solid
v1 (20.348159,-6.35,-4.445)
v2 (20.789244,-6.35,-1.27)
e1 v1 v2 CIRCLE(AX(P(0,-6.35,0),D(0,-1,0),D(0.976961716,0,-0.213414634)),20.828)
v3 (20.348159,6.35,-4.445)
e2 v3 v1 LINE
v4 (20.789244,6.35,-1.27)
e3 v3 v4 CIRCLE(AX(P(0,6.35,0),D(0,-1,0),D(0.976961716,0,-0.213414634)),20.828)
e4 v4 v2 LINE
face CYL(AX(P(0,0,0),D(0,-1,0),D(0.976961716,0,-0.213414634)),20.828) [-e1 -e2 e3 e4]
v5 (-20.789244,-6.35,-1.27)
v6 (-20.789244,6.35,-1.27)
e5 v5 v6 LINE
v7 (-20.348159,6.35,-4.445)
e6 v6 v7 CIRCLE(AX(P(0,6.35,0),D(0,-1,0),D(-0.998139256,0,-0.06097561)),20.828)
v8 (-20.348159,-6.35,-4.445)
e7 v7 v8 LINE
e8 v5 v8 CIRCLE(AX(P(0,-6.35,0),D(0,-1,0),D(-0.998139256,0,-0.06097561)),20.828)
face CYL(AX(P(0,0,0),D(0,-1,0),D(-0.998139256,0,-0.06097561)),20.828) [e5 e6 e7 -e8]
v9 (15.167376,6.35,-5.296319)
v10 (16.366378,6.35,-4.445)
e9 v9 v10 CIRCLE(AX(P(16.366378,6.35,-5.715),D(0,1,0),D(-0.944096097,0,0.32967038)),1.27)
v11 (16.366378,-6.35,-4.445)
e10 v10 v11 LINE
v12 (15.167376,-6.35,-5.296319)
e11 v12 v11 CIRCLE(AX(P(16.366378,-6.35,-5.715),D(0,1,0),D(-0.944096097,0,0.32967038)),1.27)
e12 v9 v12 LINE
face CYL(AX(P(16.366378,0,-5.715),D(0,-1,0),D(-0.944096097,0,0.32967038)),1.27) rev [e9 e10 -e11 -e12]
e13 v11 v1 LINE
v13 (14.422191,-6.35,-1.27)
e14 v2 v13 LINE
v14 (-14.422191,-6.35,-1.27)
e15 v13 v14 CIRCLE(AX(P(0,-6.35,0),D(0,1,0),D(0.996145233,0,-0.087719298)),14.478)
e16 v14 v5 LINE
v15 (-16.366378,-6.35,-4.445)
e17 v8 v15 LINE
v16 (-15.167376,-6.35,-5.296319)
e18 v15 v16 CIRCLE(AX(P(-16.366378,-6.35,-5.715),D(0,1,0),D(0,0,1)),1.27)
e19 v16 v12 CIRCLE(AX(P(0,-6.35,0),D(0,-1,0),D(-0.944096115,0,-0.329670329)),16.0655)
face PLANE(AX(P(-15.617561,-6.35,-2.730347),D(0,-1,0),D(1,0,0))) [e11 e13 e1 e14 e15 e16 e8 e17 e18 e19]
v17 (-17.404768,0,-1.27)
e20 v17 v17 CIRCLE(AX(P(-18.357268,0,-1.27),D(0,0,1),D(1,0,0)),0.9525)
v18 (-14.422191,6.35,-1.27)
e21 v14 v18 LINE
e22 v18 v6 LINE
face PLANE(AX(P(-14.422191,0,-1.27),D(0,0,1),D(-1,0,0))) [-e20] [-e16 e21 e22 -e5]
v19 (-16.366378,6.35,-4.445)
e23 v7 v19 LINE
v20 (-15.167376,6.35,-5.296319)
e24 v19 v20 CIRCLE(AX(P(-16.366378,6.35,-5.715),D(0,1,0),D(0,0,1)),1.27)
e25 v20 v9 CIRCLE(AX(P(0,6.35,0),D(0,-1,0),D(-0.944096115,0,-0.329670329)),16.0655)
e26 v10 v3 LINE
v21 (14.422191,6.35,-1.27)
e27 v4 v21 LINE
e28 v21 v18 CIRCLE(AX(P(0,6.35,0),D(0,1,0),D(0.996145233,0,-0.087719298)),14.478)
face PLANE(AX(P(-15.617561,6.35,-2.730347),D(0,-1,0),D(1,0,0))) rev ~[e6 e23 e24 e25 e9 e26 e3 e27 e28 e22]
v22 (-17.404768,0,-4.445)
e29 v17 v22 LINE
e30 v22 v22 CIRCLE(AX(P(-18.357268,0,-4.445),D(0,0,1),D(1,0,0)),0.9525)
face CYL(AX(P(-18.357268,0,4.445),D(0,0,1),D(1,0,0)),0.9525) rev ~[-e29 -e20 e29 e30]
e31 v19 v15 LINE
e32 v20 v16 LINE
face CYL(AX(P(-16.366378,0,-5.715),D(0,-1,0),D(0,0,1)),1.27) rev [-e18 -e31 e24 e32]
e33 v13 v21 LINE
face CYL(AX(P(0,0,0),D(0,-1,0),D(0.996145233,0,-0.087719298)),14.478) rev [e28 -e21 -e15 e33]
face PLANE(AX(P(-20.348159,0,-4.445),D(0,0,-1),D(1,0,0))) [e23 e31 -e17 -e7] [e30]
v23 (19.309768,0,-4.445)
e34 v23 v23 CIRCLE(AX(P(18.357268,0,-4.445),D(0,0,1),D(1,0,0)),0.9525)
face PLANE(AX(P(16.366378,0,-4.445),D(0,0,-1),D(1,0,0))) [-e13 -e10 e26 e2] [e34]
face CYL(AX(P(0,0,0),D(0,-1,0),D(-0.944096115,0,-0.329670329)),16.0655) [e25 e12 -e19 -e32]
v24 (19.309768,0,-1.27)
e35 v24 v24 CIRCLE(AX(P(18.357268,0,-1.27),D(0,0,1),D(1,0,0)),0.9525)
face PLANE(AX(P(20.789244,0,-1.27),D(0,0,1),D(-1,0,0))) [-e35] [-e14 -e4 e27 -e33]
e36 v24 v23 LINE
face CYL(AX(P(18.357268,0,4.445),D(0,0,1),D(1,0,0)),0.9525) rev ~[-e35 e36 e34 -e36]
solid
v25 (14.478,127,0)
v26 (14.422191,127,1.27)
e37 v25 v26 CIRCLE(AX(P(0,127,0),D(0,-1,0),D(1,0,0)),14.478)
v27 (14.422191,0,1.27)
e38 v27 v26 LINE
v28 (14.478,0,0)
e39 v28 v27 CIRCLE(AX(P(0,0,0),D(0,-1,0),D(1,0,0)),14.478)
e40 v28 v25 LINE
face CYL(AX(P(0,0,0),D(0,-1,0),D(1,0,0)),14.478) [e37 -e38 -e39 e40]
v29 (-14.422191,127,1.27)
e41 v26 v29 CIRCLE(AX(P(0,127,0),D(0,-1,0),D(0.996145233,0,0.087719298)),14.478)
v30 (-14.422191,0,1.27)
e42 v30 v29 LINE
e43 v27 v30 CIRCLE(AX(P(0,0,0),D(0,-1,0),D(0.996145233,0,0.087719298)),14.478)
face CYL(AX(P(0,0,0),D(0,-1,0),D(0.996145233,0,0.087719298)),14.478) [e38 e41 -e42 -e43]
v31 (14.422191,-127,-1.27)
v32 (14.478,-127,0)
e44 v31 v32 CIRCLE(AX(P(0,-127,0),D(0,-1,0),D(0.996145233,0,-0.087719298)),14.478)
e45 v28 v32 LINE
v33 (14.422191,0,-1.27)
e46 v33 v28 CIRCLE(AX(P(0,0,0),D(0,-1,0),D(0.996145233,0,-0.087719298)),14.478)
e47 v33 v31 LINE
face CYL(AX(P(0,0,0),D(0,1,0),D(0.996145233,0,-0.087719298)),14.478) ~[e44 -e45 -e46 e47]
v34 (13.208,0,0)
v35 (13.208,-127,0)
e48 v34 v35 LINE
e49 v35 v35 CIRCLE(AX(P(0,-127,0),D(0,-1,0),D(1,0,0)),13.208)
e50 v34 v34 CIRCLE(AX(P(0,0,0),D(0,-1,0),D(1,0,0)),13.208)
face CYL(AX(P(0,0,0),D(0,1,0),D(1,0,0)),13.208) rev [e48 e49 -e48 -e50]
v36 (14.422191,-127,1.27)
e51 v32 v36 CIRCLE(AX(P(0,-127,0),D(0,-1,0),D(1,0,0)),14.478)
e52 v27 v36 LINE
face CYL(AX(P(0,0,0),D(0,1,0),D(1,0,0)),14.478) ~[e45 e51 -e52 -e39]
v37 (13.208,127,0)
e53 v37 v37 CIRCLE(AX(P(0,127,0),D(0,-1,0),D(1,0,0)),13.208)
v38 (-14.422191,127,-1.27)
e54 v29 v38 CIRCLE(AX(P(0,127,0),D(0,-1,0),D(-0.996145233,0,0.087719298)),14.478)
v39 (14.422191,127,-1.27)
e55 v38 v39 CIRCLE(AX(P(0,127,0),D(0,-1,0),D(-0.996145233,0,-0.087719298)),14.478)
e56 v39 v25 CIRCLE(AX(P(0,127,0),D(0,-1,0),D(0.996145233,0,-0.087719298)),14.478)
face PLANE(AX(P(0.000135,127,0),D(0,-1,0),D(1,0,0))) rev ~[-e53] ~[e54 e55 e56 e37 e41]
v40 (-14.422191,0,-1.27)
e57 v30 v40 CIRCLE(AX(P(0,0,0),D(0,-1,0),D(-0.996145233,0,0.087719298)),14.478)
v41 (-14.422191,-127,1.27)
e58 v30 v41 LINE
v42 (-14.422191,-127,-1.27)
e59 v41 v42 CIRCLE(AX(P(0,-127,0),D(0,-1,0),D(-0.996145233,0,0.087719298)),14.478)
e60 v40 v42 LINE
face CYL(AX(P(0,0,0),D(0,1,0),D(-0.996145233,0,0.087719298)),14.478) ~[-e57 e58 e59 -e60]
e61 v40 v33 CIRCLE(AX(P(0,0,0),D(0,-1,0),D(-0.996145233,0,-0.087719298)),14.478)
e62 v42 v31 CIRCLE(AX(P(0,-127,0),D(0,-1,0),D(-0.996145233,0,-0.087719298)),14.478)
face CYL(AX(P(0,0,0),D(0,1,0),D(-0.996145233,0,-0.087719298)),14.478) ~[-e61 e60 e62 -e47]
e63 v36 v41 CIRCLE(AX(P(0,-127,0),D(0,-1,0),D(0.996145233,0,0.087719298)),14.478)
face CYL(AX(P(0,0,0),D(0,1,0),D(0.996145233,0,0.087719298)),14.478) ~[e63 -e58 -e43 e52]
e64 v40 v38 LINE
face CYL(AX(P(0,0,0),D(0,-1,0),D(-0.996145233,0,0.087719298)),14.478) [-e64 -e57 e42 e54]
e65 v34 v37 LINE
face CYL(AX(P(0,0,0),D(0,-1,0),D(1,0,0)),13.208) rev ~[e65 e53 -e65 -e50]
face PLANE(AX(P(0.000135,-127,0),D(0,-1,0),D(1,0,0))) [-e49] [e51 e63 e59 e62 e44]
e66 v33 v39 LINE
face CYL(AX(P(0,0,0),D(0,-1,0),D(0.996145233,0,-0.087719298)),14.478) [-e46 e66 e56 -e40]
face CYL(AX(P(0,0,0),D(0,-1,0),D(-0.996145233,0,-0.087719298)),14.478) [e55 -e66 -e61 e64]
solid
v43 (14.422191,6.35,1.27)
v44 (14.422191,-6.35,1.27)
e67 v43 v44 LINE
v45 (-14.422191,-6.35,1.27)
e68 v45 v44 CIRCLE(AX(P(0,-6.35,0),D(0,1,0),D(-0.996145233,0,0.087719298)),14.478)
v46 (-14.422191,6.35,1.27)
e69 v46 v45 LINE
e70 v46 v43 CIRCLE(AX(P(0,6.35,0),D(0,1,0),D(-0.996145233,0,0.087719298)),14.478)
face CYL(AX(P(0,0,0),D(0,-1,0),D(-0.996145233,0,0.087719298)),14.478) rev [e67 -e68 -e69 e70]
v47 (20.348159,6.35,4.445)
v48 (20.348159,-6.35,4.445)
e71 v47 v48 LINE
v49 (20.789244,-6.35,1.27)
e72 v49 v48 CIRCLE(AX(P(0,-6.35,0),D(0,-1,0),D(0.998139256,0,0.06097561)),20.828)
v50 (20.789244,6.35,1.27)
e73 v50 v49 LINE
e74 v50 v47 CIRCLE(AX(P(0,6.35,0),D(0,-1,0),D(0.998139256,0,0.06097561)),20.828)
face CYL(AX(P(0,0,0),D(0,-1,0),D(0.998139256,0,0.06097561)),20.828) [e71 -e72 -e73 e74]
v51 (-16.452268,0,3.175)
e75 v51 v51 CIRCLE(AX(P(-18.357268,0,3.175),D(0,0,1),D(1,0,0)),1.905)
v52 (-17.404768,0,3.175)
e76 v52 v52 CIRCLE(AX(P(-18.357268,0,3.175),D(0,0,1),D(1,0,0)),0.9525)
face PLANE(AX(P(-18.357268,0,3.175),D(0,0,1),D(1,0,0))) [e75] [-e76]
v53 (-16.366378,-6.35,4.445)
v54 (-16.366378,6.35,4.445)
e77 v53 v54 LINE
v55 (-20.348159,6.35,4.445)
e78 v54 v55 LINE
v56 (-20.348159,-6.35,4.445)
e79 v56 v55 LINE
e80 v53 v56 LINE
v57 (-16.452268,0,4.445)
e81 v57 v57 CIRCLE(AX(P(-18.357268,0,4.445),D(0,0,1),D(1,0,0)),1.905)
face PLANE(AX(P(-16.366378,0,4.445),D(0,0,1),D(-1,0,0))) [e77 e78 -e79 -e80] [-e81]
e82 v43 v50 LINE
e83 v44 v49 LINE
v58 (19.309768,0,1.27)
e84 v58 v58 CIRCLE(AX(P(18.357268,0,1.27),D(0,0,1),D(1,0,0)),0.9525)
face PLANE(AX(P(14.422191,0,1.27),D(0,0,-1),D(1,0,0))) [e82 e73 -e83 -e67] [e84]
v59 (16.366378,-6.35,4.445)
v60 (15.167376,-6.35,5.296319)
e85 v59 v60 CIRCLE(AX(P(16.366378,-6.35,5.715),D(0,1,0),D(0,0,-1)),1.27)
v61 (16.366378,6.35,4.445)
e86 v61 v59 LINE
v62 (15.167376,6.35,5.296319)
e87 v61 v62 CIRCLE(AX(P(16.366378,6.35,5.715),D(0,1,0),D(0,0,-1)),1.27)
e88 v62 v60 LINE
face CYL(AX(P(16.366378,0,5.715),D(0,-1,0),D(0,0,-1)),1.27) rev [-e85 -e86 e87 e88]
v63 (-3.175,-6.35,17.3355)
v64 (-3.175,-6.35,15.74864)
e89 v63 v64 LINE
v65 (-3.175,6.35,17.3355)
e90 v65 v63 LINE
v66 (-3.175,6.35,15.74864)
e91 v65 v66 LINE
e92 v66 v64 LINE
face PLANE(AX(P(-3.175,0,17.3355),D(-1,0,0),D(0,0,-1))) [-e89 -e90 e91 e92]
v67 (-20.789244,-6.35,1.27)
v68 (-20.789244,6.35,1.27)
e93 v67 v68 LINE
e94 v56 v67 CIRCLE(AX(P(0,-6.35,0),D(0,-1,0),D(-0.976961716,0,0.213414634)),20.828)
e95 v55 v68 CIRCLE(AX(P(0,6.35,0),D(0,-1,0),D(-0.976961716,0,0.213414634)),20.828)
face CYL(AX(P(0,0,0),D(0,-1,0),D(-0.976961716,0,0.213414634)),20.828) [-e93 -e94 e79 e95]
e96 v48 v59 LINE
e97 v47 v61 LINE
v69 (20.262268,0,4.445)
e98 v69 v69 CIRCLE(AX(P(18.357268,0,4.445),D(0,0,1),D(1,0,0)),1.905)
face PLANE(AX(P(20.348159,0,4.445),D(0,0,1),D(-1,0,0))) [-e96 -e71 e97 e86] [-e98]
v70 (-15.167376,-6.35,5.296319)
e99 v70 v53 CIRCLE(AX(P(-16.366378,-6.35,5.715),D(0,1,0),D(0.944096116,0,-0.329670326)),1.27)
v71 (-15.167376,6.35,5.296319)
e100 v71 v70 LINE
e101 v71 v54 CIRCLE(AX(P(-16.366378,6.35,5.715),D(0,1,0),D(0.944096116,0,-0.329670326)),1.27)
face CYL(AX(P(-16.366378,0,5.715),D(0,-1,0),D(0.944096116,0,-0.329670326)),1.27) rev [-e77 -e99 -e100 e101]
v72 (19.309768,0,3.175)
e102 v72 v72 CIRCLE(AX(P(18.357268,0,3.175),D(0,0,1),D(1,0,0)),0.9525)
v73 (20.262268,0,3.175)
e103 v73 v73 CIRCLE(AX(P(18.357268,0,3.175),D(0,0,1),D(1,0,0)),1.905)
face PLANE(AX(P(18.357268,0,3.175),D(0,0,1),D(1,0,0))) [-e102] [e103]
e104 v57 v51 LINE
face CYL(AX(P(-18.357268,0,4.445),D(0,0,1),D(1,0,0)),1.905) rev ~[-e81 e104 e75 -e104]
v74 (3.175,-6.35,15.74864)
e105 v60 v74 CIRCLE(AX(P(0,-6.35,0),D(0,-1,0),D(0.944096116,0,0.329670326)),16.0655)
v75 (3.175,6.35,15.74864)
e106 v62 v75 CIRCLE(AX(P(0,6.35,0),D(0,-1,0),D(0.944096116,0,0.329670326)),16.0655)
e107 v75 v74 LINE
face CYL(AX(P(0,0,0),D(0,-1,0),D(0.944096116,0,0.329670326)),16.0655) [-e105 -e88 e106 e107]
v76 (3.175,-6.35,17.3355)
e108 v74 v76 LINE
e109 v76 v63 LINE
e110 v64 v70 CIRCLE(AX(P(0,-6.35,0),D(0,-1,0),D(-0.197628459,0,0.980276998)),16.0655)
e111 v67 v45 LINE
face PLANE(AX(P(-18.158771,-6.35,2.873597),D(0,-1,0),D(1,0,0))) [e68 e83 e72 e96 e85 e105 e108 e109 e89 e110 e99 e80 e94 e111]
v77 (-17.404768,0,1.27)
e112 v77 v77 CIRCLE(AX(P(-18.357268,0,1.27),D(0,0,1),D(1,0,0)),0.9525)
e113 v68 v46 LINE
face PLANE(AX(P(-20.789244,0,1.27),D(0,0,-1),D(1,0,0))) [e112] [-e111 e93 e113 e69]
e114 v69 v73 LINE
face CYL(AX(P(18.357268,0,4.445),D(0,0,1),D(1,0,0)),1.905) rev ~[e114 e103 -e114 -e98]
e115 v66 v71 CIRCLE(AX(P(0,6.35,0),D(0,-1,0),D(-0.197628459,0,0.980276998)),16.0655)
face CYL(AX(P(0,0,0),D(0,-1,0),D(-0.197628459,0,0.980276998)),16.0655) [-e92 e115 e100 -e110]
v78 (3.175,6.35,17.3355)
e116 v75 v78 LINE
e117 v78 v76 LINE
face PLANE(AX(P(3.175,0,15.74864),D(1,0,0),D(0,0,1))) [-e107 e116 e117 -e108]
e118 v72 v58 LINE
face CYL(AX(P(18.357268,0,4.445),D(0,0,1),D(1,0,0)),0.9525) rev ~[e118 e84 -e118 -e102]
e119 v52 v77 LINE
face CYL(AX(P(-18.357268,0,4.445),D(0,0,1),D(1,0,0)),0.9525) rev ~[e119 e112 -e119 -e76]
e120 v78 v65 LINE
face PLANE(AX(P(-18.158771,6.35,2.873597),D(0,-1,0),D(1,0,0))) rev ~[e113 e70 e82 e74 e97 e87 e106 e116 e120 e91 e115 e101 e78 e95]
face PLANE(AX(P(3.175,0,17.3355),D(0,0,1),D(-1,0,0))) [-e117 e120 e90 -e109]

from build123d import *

# Parameters (mm, degrees)
F0_R     = 13.208
F1_DEPTH = 127
F2_DEPTH = 6.35
F3_R     = 0.9525
F4_R     = 0.9525
F5_DEPTH = 25.4
F3_R_2   = 1.905
F4_R_2   = 1.905
F6_DEPTH = 1.27


with BuildPart() as f1:
    # F0 (on Front) → F1 (new body, symmetric)
    with BuildSketch(Plane.XZ):
        with BuildLine():
            ThreePointArc((14.4221906796, -1.27), (14.4640409406, -0.6356128303), (14.478, 0))
            ThreePointArc((14.478, 0), (14.4640409406, 0.6356128303), (14.4221906796, 1.27))
            ThreePointArc((14.4221906796, 1.27), (0, 14.478), (-14.4221906796, 1.27))
            ThreePointArc((-14.4221906796, 1.27), (-14.478, 0), (-14.4221906796, -1.27))
            ThreePointArc((-14.4221906796, -1.27), (0, -14.478), (14.4221906796, -1.27))
        make_face()
        Circle(F0_R, mode=Mode.SUBTRACT)
    extrude(amount=F1_DEPTH, both=True)


with BuildPart() as f2:
    # F0 (on Front) → F2 (new body, symmetric)
    with BuildSketch(Plane.XZ):
        with BuildLine():
            Line((-20.7892444307, 1.27), (-16.0152237028, 1.27))
            ThreePointArc((-16.0152237028, 1.27), (-15.8067006229, 2.8720211817), (-15.4383375157, 4.445))
            Line((-15.4383375157, 4.445), (-16.3663781959, 4.445))
            Line((-16.3663781959, 4.445), (-20.3481586145, 4.445))
            ThreePointArc((-20.3481586145, 4.445), (-20.6298724808, 2.865998155), (-20.7892444307, 1.27))
        make_face()
        with BuildLine():
            Line((-16.0152237028, 1.27), (-15.4383375157, 1.27))
            Line((-15.4383375157, 1.27), (-15.4383375157, 4.445))
            ThreePointArc((-15.4383375157, 4.445), (-15.8067006229, 2.8720211817), (-16.0152237028, 1.27))
        make_face()
        with BuildLine():
            Line((-16.3663781959, 4.445), (-15.4383375157, 4.445))
            ThreePointArc((-15.4383375157, 4.445), (-15.3087756792, 4.8725432223), (-15.1673761286, 5.2963186859))
            ThreePointArc((-15.1673761286, 5.2963186859), (-15.63113173, 4.679474706), (-16.3663781959, 4.445))
        make_face()
        with BuildLine():
            ThreePointArc((-14.4221906796, 1.27), (0, 14.478), (14.4221906796, 1.27))
            Line((14.4221906796, 1.27), (15.4383375157, 1.27))
            Line((15.4383375157, 1.27), (15.4383375157, 4.445))
            ThreePointArc((15.4383375157, 4.445), (15.3087756893, 4.8725431908), (15.1673761504, 5.2963186234))
            ThreePointArc((15.1673761504, 5.2963186234), (10.5557305202, 12.1110215686), (3.175, 15.748640108))
            Line((3.175, 15.748640108), (3.175, 14.7955))
            Line((3.175, 14.7955), (-3.175, 14.7955))
            Line((-3.175, 14.7955), (-3.175, 15.748640108))
            ThreePointArc((-3.175, 15.748640108), (-10.5557304953, 12.1110215903), (-15.1673761286, 5.2963186859))
            ThreePointArc((-15.1673761286, 5.2963186859), (-15.3087756792, 4.8725432223), (-15.4383375157, 4.445))
            Line((-15.4383375157, 4.445), (-15.4383375157, 1.27))
            Line((-15.4383375157, 1.27), (-14.4221906796, 1.27))
        make_face()
        with BuildLine():
            Line((15.4383375157, 4.445), (15.4383375157, 1.27))
            Line((15.4383375157, 1.27), (16.0152237028, 1.27))
            ThreePointArc((16.0152237028, 1.27), (15.8067006229, 2.8720211817), (15.4383375157, 4.445))
        make_face()
        with BuildLine():
            ThreePointArc((15.4383375157, 4.445), (15.8067006229, 2.8720211817), (16.0152237028, 1.27))
            Line((16.0152237028, 1.27), (20.7892444307, 1.27))
            ThreePointArc((20.7892444307, 1.27), (20.6298724808, 2.865998155), (20.3481586145, 4.445))
            Line((20.3481586145, 4.445), (16.3663781959, 4.445))
            Line((16.3663781959, 4.445), (15.4383375157, 4.445))
        make_face()
        with BuildLine():
            ThreePointArc((15.1673761504, 5.2963186234), (15.3087756893, 4.8725431908), (15.4383375157, 4.445))
            Line((15.4383375157, 4.445), (16.3663781959, 4.445))
            ThreePointArc((16.3663781959, 4.445), (15.631131757, 4.6794746869), (15.1673761504, 5.2963186234))
        make_face()
        with BuildLine():
            Line((3.175, 14.7955), (3.175, 15.748640108))
            ThreePointArc((3.175, 15.748640108), (0, 16.0655), (-3.175, 15.748640108))
            Line((-3.175, 15.748640108), (-3.175, 14.7955))
            Line((-3.175, 14.7955), (3.175, 14.7955))
        make_face()
        with BuildLine():
            ThreePointArc((-3.175, 15.748640108), (0, 16.0655), (3.175, 15.748640108))
            Line((3.175, 15.748640108), (3.175, 17.3355))
            Line((3.175, 17.3355), (-3.175, 17.3355))
            Line((-3.175, 17.3355), (-3.175, 15.748640108))
        make_face()
    extrude(amount=F2_DEPTH, both=True)


with BuildPart() as f2b:
    # F0 (on Front) → F2, piece 2 (new body, symmetric)
    with BuildSketch(Plane.XZ):
        with BuildLine():
            Line((-15.4383375157, -4.445), (-15.4383375157, -1.27))
            Line((-15.4383375157, -1.27), (-16.0152237028, -1.27))
            ThreePointArc((-16.0152237028, -1.27), (-15.8067006229, -2.8720211817), (-15.4383375157, -4.445))
        make_face()
        with BuildLine():
            Line((-16.3663781959, -4.445), (-15.4383375157, -4.445))
            ThreePointArc((-15.4383375157, -4.445), (-15.8067006229, -2.8720211817), (-16.0152237028, -1.27))
            Line((-16.0152237028, -1.27), (-20.7892444307, -1.27))
            ThreePointArc((-20.7892444307, -1.27), (-20.6298724808, -2.865998155), (-20.3481586145, -4.445))
            Line((-20.3481586145, -4.445), (-16.3663781959, -4.445))
        make_face()
        with BuildLine():
            ThreePointArc((-15.1673761347, -5.2963186686), (-15.308775682, -4.8725432136), (-15.4383375157, -4.445))
            Line((-15.4383375157, -4.445), (-16.3663781959, -4.445))
            ThreePointArc((-16.3663781959, -4.445), (-15.6311317375, -4.6794747007), (-15.1673761347, -5.2963186686))
        make_face()
        with BuildLine():
            Line((16.3663781959, -4.445), (15.4383375157, -4.445))
            ThreePointArc((15.4383375157, -4.445), (15.3087756903, -4.8725431875), (15.1673761527, -5.2963186169))
            ThreePointArc((15.1673761527, -5.2963186169), (15.6311317598, -4.6794746849), (16.3663781959, -4.445))
        make_face()
        with BuildLine():
            Line((16.0152237028, -1.27), (15.4383375157, -1.27))
            Line((15.4383375157, -1.27), (15.4383375157, -4.445))
            ThreePointArc((15.4383375157, -4.445), (15.8067006229, -2.8720211817), (16.0152237028, -1.27))
        make_face()
        with BuildLine():
            ThreePointArc((16.0152237028, -1.27), (15.8067006229, -2.8720211817), (15.4383375157, -4.445))
            Line((15.4383375157, -4.445), (16.3663781959, -4.445))
            Line((16.3663781959, -4.445), (20.3481586145, -4.445))
            ThreePointArc((20.3481586145, -4.445), (20.6298724808, -2.865998155), (20.7892444307, -1.27))
            Line((20.7892444307, -1.27), (16.0152237028, -1.27))
        make_face()
        with BuildLine():
            Line((15.4383375157, -1.27), (14.4221906796, -1.27))
            ThreePointArc((14.4221906796, -1.27), (0, -14.478), (-14.4221906796, -1.27))
            Line((-14.4221906796, -1.27), (-15.4383375157, -1.27))
            Line((-15.4383375157, -1.27), (-15.4383375157, -4.445))
            ThreePointArc((-15.4383375157, -4.445), (-15.308775682, -4.8725432136), (-15.1673761347, -5.2963186686))
            ThreePointArc((-15.1673761347, -5.2963186686), (2.74e-08, -16.0655), (15.1673761527, -5.2963186169))
            ThreePointArc((15.1673761527, -5.2963186169), (15.3087756903, -4.8725431875), (15.4383375157, -4.445))
            Line((15.4383375157, -4.445), (15.4383375157, -1.27))
        make_face()
    extrude(amount=F2_DEPTH, both=True)


with BuildPart() as f5_tool:
    # F3 (on face) + F4 (on face) → F5 (new body)
    with BuildSketch(Plane.XY.offset(4.445)):
        with Locations((18.3572684052, 0)):
            Circle(F3_R)
    with BuildSketch(Plane.XY.offset(4.445)):
        with Locations((-18.3572684052, 0)):
            Circle(F4_R)
    extrude(amount=-F5_DEPTH)


with BuildPart() as f2_1:
    add(f2.part)

    # F5: cut by f5_tool
    add(f5_tool.part, mode=Mode.SUBTRACT)

    # F3 (on face) + F4 (on face) → F6 (cut)
    with BuildSketch(Plane.XY.offset(4.445)):
        with Locations((18.3572684052, 0)):
            Circle(F3_R_2)
        with Locations((18.3572684052, 0)):
            Circle(F3_R, mode=Mode.SUBTRACT)
    with BuildSketch(Plane.XY.offset(4.445)):
        with Locations((-18.3572684052, 0)):
            Circle(F4_R_2)
        with Locations((-18.3572684052, 0)):
            Circle(F4_R, mode=Mode.SUBTRACT)
    extrude(amount=-F6_DEPTH, mode=Mode.SUBTRACT)


with BuildPart() as f2b_1:
    add(f2b.part)

    # F5: cut by f5_tool
    add(f5_tool.part, mode=Mode.SUBTRACT)


solid = Compound([f1.part, f2_1.part, f2b_1.part])
